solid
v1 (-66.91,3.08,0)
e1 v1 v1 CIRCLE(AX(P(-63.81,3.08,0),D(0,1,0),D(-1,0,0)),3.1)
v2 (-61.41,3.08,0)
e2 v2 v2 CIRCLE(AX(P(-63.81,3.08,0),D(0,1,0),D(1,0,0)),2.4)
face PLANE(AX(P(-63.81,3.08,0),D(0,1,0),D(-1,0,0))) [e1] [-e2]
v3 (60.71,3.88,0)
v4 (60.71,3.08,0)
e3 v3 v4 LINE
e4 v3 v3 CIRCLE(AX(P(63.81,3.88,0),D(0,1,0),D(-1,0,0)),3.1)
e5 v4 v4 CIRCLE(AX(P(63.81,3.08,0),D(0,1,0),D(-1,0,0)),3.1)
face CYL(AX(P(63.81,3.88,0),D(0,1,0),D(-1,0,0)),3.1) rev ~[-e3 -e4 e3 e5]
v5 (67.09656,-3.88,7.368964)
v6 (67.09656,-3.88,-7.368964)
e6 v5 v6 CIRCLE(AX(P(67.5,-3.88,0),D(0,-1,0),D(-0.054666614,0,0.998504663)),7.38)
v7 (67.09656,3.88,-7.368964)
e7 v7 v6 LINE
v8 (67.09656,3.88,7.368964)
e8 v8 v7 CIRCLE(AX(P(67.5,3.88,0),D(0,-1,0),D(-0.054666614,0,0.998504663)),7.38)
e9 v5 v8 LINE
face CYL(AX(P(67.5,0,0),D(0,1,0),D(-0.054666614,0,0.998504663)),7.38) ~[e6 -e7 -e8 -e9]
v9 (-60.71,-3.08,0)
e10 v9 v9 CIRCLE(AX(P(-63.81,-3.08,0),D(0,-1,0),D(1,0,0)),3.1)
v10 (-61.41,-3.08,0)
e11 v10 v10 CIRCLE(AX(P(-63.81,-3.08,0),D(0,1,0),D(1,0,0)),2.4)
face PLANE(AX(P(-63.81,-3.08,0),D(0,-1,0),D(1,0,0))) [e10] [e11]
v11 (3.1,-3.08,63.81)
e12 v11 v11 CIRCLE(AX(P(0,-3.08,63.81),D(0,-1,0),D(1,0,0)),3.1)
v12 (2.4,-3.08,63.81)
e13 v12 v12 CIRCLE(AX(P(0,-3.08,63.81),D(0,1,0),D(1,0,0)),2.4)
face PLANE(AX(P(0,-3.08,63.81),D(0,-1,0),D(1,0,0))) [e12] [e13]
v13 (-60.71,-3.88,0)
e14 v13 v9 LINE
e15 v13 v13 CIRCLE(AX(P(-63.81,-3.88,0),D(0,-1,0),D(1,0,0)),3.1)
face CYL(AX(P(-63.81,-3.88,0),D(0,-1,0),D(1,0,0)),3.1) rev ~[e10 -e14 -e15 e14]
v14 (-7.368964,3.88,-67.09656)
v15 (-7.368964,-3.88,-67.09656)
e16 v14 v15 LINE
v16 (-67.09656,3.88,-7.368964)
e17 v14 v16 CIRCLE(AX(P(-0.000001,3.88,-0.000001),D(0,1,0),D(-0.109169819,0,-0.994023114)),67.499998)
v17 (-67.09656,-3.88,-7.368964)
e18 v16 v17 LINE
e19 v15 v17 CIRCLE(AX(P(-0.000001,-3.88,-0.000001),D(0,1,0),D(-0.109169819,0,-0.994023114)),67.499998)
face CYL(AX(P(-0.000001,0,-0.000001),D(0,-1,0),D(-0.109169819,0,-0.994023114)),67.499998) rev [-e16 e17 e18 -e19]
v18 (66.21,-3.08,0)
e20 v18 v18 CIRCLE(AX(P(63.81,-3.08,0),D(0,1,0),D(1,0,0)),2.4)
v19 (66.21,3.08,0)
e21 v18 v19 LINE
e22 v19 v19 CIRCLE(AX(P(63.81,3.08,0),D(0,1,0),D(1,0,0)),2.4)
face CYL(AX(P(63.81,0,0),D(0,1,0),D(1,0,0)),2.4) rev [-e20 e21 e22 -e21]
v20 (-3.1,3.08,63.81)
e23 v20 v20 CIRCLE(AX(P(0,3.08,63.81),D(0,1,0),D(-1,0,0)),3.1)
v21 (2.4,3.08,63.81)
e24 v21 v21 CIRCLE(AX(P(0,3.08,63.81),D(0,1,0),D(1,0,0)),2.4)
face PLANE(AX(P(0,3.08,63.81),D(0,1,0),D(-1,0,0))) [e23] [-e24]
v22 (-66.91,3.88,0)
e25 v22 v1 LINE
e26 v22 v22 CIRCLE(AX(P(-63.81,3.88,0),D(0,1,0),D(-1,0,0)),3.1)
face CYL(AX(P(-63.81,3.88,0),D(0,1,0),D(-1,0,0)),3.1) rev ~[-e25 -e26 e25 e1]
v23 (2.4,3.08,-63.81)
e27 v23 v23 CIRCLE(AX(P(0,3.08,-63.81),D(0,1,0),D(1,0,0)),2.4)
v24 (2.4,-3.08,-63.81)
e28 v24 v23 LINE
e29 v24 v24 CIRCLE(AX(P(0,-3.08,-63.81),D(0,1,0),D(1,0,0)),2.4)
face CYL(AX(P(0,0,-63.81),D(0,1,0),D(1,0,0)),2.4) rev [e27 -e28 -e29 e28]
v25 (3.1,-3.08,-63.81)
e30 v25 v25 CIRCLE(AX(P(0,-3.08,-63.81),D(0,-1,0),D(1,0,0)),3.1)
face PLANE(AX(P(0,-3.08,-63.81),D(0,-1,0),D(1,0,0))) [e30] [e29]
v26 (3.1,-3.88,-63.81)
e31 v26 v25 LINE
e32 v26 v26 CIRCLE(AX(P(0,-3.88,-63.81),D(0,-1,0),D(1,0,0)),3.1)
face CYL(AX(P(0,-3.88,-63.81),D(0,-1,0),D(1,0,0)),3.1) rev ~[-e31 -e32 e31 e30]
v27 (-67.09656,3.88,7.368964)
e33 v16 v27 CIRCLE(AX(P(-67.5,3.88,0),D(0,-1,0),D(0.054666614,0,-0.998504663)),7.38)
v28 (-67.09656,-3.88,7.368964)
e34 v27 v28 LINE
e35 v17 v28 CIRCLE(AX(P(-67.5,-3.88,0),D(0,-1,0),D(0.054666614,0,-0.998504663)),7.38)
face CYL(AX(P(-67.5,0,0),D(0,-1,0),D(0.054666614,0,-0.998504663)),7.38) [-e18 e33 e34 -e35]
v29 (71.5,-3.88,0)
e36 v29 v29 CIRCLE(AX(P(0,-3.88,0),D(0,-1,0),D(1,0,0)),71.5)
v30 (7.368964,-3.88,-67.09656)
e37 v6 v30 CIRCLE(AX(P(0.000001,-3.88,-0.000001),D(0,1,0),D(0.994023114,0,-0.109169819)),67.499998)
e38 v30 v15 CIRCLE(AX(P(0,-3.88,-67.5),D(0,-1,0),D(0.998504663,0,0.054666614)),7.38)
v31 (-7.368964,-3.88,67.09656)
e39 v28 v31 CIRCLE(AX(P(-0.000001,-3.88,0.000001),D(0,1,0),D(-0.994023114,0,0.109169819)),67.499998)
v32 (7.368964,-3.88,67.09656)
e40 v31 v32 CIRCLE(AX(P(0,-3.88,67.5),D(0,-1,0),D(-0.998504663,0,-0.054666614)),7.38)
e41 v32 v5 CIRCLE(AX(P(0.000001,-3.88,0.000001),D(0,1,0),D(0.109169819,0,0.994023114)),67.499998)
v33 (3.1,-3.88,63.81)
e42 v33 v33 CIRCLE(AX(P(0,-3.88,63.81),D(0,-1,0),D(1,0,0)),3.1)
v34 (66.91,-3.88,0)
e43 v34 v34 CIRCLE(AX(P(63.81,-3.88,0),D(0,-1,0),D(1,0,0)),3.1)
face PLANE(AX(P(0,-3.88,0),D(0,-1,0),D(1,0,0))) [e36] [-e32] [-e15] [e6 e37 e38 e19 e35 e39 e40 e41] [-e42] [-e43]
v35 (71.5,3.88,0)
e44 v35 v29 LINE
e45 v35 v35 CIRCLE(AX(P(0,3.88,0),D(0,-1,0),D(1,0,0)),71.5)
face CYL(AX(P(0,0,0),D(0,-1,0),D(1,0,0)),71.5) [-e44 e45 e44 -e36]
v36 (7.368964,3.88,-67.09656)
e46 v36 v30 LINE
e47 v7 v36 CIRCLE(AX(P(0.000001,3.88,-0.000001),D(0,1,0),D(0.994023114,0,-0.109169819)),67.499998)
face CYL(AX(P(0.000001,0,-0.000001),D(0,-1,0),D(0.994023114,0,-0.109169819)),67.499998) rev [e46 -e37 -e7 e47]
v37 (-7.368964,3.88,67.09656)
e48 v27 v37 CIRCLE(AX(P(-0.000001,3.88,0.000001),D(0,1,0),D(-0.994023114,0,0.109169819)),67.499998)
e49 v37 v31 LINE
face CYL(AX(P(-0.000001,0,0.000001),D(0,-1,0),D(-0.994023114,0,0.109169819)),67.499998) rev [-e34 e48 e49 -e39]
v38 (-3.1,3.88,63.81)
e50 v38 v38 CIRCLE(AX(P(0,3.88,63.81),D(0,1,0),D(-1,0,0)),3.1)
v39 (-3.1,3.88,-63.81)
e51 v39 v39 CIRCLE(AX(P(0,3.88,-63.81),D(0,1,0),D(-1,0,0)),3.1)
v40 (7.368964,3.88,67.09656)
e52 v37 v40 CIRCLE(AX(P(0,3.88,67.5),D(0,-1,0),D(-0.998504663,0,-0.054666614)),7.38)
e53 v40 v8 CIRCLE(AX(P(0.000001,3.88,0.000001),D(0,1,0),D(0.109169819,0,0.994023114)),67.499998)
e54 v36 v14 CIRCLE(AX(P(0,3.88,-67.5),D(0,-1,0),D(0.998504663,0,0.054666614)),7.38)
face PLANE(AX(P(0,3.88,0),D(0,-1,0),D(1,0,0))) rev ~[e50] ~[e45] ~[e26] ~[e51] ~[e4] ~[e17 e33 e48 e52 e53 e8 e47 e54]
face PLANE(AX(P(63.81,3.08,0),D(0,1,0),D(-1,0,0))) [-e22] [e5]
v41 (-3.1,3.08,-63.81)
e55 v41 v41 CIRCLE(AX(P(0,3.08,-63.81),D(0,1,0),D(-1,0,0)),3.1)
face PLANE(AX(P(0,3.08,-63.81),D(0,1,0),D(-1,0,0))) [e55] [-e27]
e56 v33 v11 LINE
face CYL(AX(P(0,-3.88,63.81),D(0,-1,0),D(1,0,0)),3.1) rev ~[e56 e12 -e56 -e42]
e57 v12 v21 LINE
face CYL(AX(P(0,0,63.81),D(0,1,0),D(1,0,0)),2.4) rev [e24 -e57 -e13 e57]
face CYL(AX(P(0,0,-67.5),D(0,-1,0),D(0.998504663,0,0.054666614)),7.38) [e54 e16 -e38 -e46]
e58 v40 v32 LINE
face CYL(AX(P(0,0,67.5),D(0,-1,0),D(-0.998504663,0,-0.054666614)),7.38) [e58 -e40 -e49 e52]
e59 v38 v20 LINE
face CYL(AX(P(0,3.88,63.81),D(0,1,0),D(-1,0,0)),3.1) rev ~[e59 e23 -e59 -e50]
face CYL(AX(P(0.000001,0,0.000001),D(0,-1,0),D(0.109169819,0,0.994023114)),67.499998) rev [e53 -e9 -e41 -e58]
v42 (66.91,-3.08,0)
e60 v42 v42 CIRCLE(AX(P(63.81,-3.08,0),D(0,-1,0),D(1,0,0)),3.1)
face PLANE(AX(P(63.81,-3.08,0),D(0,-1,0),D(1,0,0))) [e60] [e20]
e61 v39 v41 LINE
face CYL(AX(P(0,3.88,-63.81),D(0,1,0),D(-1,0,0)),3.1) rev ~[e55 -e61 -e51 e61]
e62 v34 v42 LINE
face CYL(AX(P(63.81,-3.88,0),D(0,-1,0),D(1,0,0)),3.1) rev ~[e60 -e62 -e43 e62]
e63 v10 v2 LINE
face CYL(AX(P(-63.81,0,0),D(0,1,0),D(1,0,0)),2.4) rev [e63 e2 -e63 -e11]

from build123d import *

# Parameters (mm, degrees)
F0_R     = 71.5
F0_R_2   = 2.4
F1_DEPTH = 3.88
F2_R     = 3.1
F3_DEPTH = 0.8
F4_R     = 3.1
F5_DEPTH = 0.8


with BuildPart() as f1:
    # F0 (on Front) → F1 (new body, symmetric)
    with BuildSketch(Plane.XZ):
        Circle(F0_R)
        with Locations((0, -63.81)):
            Circle(F0_R_2, mode=Mode.SUBTRACT)
        with Locations((-63.81, 0)):
            Circle(F0_R_2, mode=Mode.SUBTRACT)
        with BuildLine():
            ThreePointArc((-67.09656, 7.368964), (-47.729708, 47.729708), (-7.368964, 67.09656))
            ThreePointArc((-7.368964, 67.09656), (0, 60.12), (7.368964, 67.09656))
            ThreePointArc((7.368964, 67.09656), (47.729708, 47.729708), (67.09656, 7.368964))
            ThreePointArc((67.09656, 7.368964), (60.12, 0), (67.09656, -7.368964))
            ThreePointArc((67.09656, -7.368964), (47.729708, -47.729708), (7.368964, -67.09656))
            ThreePointArc((7.368964, -67.09656), (0, -60.12), (-7.368964, -67.09656))
            ThreePointArc((-7.368964, -67.09656), (-47.729708, -47.729708), (-67.09656, -7.368964))
            ThreePointArc((-67.09656, -7.368964), (-60.12, 0), (-67.09656, 7.368964))
        make_face(mode=Mode.SUBTRACT)
        with Locations((63.81, 0)):
            Circle(F0_R_2, mode=Mode.SUBTRACT)
        with Locations((0, 63.81)):
            Circle(F0_R_2, mode=Mode.SUBTRACT)
    extrude(amount=F1_DEPTH, both=True)

    # F2 (on face) → F3 (cut)
    with BuildSketch(Plane.XZ.offset(3.88)):
        with Locations((0, 63.81)):
            Circle(F2_R)
        with Locations((63.81, 0)):
            Circle(F2_R)
        with Locations((0, -63.81)):
            Circle(F2_R)
        with Locations((-63.81, 0)):
            Circle(F2_R)
    extrude(amount=-F3_DEPTH, mode=Mode.SUBTRACT)

    # F4 (on face) → F5 (cut)
    with BuildSketch(Plane(origin=(0, 3.88, 0), x_dir=(-1, 0, 0), z_dir=(0, 1, 0))):
        with Locations((0, 63.81)):
            Circle(F4_R)
        with Locations((63.81, 0)):
            Circle(F4_R)
        with Locations((0, -63.81)):
            Circle(F4_R)
        with Locations((-63.81, 0)):
            Circle(F4_R)
    extrude(amount=-F5_DEPTH, mode=Mode.SUBTRACT)


solid = f1.part
